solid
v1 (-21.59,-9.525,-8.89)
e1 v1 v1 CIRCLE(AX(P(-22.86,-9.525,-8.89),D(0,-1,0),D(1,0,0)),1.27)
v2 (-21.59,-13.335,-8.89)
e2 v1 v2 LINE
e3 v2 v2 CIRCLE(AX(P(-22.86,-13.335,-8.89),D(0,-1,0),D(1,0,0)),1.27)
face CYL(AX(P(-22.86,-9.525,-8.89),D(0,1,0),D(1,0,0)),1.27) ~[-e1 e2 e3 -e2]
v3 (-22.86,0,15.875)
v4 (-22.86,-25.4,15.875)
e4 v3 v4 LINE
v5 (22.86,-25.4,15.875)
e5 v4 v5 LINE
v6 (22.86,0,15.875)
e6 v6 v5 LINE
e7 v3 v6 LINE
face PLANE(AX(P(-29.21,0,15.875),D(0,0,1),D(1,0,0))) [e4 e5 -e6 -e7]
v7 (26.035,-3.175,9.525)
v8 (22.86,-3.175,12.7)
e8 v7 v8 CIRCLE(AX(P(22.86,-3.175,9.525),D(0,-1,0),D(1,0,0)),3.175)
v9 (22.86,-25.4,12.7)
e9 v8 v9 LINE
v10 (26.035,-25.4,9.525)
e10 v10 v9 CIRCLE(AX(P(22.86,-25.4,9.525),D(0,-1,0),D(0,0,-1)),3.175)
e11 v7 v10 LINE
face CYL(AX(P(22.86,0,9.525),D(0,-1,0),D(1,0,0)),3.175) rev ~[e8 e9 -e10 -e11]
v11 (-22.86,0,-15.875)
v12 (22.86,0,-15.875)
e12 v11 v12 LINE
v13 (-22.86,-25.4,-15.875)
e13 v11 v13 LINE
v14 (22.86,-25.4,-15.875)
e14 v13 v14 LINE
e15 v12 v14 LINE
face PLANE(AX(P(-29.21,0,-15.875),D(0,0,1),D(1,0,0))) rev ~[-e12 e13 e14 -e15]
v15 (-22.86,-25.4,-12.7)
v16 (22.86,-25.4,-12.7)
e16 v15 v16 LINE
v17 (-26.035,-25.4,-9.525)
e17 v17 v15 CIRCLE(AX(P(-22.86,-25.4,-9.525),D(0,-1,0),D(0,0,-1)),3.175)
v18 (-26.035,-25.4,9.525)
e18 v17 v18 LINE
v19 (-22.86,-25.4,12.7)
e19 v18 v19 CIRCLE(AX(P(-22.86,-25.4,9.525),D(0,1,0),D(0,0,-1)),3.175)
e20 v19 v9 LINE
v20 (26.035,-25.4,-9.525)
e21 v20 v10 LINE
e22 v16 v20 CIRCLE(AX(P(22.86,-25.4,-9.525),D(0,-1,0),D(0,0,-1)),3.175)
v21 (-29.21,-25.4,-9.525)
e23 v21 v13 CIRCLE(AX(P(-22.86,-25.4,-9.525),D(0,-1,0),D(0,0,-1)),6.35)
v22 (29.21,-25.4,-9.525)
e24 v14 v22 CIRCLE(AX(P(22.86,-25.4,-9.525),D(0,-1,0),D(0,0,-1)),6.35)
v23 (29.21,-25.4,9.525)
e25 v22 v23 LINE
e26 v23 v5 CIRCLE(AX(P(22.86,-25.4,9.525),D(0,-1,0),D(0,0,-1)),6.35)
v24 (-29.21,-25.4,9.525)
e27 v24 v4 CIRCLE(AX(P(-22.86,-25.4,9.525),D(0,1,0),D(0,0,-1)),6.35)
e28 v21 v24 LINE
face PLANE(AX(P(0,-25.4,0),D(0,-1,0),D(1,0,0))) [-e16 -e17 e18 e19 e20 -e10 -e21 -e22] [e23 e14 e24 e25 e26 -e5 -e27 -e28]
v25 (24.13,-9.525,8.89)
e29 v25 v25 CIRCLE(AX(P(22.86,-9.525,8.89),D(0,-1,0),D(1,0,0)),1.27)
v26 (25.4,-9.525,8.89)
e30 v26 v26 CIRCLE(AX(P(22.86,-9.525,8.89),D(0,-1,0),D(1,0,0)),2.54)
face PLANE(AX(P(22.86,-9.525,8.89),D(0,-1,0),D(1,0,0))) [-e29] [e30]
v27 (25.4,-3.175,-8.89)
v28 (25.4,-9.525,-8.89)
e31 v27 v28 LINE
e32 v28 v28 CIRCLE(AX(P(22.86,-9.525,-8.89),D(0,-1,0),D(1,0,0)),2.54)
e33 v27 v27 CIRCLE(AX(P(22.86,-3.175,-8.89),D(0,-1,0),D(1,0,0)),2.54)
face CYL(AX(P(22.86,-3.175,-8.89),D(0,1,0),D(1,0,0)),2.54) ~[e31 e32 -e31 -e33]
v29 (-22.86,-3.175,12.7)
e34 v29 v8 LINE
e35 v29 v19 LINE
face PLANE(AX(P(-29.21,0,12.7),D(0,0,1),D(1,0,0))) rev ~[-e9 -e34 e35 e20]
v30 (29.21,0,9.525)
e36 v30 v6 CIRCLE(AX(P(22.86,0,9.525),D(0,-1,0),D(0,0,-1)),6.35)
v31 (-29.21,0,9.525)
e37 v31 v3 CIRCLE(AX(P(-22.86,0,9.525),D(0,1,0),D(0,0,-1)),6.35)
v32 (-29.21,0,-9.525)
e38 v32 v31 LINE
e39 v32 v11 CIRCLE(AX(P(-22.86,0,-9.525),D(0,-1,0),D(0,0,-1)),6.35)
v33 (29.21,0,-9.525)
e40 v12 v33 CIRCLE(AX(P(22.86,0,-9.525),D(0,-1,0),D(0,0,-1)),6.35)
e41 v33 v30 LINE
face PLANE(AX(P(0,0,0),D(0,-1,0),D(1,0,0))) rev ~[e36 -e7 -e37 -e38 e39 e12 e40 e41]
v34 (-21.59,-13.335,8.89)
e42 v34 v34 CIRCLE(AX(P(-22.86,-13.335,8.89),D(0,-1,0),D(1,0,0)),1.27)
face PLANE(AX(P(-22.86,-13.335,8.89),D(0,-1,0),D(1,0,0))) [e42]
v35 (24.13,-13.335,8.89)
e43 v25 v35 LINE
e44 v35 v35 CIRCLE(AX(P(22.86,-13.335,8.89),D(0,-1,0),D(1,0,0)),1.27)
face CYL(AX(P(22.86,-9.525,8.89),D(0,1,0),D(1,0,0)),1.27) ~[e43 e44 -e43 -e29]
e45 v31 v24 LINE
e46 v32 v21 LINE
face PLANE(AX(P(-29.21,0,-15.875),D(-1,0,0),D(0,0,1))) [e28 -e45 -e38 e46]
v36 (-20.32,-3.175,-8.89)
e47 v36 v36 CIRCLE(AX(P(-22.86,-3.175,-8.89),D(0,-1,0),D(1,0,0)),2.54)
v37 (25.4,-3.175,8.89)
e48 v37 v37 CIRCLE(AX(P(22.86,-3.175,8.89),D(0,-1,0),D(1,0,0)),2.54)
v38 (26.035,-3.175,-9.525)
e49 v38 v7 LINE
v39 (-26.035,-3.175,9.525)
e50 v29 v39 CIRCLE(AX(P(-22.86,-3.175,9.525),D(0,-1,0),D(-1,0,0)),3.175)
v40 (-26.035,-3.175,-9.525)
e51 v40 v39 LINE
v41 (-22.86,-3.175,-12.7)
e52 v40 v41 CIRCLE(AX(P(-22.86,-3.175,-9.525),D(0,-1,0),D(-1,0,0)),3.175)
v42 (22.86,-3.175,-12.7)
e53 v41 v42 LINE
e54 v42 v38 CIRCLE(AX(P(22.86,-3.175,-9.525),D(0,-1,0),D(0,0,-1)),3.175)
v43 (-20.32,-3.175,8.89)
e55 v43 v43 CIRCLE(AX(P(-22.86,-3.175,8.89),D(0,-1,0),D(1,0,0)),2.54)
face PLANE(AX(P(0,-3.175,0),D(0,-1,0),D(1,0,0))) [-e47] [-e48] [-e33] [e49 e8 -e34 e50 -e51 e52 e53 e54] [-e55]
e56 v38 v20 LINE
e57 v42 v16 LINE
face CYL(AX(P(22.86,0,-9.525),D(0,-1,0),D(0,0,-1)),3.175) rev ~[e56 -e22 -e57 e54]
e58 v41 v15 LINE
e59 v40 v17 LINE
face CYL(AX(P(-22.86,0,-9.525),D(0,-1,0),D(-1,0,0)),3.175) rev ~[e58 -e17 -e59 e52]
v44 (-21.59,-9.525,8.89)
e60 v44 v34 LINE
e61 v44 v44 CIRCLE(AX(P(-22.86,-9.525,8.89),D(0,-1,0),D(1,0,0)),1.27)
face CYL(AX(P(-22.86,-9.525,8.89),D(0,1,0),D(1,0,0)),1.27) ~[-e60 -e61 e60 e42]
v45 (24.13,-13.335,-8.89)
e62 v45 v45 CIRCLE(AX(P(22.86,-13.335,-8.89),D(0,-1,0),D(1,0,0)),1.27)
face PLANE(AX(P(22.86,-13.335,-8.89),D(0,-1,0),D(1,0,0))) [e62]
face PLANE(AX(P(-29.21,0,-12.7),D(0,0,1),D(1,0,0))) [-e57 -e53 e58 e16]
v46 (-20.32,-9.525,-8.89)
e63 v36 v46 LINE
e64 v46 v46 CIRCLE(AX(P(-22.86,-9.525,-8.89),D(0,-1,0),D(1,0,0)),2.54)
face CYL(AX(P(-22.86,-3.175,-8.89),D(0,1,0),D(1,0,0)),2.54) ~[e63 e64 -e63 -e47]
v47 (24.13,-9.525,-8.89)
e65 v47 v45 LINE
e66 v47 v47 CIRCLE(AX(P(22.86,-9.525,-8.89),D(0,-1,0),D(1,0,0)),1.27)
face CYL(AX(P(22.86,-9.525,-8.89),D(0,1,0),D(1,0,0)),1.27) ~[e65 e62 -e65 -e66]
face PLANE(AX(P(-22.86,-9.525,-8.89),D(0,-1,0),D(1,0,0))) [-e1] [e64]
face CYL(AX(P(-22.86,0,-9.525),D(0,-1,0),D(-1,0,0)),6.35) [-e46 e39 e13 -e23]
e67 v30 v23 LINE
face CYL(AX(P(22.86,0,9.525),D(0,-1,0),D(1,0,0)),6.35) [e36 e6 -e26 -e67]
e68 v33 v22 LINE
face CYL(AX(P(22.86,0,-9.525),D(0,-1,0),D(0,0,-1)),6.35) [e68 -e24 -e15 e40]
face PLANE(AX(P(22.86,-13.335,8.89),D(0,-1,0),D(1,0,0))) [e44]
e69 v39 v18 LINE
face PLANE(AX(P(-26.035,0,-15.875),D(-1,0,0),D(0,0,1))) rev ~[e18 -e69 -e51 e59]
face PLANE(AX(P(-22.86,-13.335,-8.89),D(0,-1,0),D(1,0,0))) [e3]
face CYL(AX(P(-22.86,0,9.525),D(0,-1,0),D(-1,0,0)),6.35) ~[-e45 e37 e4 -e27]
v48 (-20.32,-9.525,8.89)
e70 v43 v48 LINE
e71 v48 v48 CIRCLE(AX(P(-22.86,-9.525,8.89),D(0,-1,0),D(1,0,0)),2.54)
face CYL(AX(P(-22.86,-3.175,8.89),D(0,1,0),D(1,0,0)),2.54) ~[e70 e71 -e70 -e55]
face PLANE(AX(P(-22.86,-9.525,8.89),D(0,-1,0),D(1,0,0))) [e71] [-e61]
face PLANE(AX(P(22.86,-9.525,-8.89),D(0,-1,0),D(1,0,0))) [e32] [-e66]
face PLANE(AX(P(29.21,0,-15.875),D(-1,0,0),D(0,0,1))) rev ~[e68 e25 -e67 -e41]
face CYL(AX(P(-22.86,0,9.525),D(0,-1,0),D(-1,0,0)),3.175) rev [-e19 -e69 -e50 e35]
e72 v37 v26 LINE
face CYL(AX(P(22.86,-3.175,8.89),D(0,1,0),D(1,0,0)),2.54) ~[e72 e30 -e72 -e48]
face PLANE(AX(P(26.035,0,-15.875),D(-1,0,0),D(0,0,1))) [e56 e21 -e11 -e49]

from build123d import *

# Parameters (mm, degrees)
F0_W     = 58.42
F0_H     = 31.75
F2_DEPTH = 25.4
F3_R     = 6.35
F4_T     = -3.175
F5_R     = 2.54
F6_DEPTH = 6.35
F7_R     = 1.27
F8_DEPTH = 3.81


with BuildPart() as f2:
    # F0 (on Front) → F2 (new body)
    with BuildSketch(Plane.XZ):
        Rectangle(F0_W, F0_H)
    extrude(amount=F2_DEPTH)

    # F3
    f3_edges = [f2.edges().sort_by_distance(p)[0] for p in [
        (29.21, -12.7, 15.875),
        (29.21, -12.7, -15.875),
        (-29.21, -12.7, 15.875),
        (-29.21, -12.7, -15.875),
    ]]
    fillet(f3_edges, radius=F3_R)

    # F4
    f4_openings = [f2.faces().sort_by_distance(p)[0] for p in [
        (0, -25.4, 0),
    ]]
    offset(amount=F4_T, openings=f4_openings)

    # F5 (on face) → F6 (join)
    with BuildSketch(Plane.XZ.offset(3.175)):
        with Locations((-22.86, 8.89)):
            Circle(F5_R)
        with Locations((22.86, 8.89)):
            Circle(F5_R)
        with Locations((-22.86, -8.89)):
            Circle(F5_R)
        with Locations((22.86, -8.89)):
            Circle(F5_R)
    extrude(amount=F6_DEPTH)

    # F7 (on face) → F8 (join)
    with BuildSketch(Plane.XZ.offset(9.525)):
        with Locations((-22.86, 8.89)):
            Circle(F7_R)
        with Locations((-22.86, -8.89)):
            Circle(F7_R)
        with Locations((22.86, -8.89)):
            Circle(F7_R)
        with Locations((22.86, 8.89)):
            Circle(F7_R)
    extrude(amount=F8_DEPTH)


solid = f2.part
